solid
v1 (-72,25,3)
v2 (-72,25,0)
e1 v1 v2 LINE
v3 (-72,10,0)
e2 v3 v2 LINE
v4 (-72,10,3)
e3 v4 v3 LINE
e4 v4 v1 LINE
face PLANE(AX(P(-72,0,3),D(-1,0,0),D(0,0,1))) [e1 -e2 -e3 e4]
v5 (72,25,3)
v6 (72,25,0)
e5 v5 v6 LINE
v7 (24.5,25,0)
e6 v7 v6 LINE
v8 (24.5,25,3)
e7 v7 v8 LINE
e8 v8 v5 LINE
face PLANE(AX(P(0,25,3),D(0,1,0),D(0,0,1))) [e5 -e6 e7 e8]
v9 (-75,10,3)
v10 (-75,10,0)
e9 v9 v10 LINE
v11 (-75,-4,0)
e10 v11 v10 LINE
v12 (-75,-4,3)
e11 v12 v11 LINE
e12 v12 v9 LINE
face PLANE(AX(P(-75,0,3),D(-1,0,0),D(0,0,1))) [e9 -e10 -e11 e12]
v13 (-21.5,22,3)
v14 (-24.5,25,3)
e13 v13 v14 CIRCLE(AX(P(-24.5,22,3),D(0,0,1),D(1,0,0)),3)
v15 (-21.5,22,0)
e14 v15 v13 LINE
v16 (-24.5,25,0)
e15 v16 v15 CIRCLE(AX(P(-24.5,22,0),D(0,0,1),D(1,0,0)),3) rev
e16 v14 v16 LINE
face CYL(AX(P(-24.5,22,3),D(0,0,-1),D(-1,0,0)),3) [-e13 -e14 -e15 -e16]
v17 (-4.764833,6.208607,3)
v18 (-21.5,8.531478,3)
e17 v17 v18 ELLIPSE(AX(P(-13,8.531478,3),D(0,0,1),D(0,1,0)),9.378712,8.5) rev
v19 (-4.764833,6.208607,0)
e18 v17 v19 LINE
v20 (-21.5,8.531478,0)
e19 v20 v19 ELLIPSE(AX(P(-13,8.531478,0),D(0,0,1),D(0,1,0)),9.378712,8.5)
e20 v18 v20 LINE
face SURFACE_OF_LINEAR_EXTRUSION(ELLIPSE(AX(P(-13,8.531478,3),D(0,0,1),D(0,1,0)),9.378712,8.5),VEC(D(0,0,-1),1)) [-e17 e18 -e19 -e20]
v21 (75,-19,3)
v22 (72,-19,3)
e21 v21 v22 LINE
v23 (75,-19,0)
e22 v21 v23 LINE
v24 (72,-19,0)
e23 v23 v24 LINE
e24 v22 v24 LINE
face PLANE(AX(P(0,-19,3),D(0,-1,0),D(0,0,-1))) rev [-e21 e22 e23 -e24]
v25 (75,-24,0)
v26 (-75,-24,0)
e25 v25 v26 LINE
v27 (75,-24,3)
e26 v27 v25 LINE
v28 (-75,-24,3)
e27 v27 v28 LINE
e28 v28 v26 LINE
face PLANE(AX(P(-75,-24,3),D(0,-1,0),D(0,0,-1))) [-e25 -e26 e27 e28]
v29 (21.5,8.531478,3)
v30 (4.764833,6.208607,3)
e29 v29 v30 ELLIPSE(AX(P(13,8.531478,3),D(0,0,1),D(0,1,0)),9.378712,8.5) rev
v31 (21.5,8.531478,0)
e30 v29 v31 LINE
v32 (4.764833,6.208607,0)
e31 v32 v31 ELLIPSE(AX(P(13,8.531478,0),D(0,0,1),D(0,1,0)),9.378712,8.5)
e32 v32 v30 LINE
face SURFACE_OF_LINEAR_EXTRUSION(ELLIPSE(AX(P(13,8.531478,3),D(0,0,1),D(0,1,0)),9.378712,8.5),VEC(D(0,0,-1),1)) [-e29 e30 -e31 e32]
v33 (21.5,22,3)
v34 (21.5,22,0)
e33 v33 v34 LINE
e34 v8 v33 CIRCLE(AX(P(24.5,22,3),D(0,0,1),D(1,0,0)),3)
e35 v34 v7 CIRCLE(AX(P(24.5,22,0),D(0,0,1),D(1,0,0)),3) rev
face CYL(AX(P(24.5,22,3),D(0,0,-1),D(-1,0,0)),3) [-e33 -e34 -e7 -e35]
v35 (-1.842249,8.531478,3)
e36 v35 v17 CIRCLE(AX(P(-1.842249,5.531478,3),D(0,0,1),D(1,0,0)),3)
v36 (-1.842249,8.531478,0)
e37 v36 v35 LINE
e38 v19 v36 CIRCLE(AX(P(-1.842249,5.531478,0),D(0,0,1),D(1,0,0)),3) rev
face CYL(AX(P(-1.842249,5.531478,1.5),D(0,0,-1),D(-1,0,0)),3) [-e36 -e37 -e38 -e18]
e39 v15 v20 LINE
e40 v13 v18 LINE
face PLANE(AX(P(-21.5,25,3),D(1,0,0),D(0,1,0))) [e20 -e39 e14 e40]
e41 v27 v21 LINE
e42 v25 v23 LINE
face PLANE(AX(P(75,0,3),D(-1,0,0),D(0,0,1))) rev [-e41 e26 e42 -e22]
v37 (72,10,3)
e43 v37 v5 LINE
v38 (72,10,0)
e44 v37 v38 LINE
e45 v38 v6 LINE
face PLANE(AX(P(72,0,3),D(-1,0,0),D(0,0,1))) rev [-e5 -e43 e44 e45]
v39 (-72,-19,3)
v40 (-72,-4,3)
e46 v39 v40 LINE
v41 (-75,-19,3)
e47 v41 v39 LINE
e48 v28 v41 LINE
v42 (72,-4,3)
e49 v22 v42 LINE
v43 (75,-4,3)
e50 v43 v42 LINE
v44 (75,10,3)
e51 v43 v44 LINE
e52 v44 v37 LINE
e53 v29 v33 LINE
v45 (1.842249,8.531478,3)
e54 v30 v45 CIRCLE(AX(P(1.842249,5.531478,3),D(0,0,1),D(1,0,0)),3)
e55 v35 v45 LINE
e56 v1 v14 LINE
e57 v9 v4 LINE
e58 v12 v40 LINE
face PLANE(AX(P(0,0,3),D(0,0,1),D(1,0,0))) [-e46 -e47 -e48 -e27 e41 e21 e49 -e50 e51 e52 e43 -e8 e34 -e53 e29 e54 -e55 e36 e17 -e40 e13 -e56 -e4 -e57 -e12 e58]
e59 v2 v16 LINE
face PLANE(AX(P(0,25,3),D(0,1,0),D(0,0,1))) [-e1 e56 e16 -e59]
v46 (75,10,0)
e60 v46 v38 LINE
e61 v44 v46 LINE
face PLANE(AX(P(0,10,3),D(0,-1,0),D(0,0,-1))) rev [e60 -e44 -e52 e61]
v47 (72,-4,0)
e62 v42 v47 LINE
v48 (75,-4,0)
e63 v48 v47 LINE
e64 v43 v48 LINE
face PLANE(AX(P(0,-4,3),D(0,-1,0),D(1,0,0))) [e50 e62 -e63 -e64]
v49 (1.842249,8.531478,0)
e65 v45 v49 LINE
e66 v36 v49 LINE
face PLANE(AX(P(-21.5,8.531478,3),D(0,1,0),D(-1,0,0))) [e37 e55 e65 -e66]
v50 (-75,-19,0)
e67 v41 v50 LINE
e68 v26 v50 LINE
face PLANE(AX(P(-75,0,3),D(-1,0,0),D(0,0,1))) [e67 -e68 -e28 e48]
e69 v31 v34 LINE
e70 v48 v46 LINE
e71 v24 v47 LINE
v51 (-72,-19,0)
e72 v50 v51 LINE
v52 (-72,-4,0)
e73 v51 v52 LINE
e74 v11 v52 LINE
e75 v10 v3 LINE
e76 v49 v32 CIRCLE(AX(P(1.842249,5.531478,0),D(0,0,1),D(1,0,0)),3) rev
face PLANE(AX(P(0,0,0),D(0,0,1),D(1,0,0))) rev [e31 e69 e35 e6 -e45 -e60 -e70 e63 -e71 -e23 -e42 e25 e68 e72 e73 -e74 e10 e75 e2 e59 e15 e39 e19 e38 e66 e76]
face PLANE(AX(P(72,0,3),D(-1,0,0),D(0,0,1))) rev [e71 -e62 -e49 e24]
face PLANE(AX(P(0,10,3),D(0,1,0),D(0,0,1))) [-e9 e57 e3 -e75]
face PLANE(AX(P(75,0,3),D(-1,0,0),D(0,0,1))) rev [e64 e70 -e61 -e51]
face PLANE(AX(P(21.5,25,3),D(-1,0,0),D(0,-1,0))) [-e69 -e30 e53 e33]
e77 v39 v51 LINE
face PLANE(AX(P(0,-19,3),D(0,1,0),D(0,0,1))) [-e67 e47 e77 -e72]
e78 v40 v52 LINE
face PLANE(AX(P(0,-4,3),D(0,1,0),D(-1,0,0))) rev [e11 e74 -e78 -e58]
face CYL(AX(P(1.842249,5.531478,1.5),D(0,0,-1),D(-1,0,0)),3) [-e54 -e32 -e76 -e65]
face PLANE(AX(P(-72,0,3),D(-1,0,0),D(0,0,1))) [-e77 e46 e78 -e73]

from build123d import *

# Parameters (mm, degrees)
SALIENTE_EXTRUIR1_DEPTH = 3
CROQUIS2_R              = 8.5
CORTAR_EXTRUIR1_DEPTH   = 81.972978651
CROQUIS3_RX             = 9.378712311
CROQUIS3_RY             = 8.5
CORTAR_EXTRUIR2_DEPTH   = 3
CROQUIS4_W              = 43
CROQUIS4_H              = 16.468521704
CORTAR_EXTRUIR3_DEPTH   = 80.113842029
REDONDEO1_R             = 3
CROQUIS5_W              = 150
CROQUIS5_H              = 1
CORTAR_EXTRUIR4_DEPTH   = 80.113842155


with BuildPart() as part:
    # Croquis1 → Saliente-Extruir1 (new body)
    with BuildSketch(Plane.XY):
        Polygon((-75, -19), (-75, -25), (75, -25), (75, -19), (72, -19), (72, -4), (75, -4), (75, 10), (72, 10), (72, 25), (-72, 25), (-72, 10), (-75, 10), (-75, -4), (-72, -4), (-72, -19), align=None)
    extrude(amount=SALIENTE_EXTRUIR1_DEPTH)

    # Croquis2 → Cortar-Extruir1 (cut, through all)
    with BuildSketch(Plane(origin=(0, 2.342305324, -10.565456544), x_dir=(1, 0, 0), z_dir=(0, -0.4226182617407, 0.9063077870366497))):
        with Locations(Location((-13, 11.342305324, 0), (0, 0, 90))):
            Circle(CROQUIS2_R)
        with Locations(Location((13, 11.342305324, 0), (0, 0, 90))):
            Circle(CROQUIS2_R)
    extrude(amount=CORTAR_EXTRUIR1_DEPTH, mode=Mode.SUBTRACT)

    # Croquis3 → Cortar-Extruir2 (cut)
    with BuildSketch(Plane.XY):
        with Locations(Location((-13, 8.531478296), (0, 0, 90))):
            Ellipse(CROQUIS3_RX, CROQUIS3_RY)
        with Locations(Location((-13, 9.930401271), (0, 0, 90))):
            Ellipse(CROQUIS3_RX, CROQUIS3_RY)
        with Locations(Location((-13, 9.930401271), (0, 0, 90))):
            Ellipse(CROQUIS3_RX, CROQUIS3_RY)
        with Locations(Location((-13, 8.531478296), (0, 0, 90))):
            Ellipse(CROQUIS3_RX, CROQUIS3_RY)
        with Locations(Location((13, 9.930401271), (0, 0, 90))):
            Ellipse(CROQUIS3_RX, CROQUIS3_RY)
        with Locations(Location((13, 8.531478296), (0, 0, 90))):
            Ellipse(CROQUIS3_RX, CROQUIS3_RY)
        with Locations(Location((13, 8.531478296), (0, 0, 90))):
            Ellipse(CROQUIS3_RX, CROQUIS3_RY)
        with Locations(Location((13, 9.930401271), (0, 0, 90))):
            Ellipse(CROQUIS3_RX, CROQUIS3_RY)
        with Locations(Location((13, 8.531478296), (0, 0, 90))):
            Ellipse(CROQUIS3_RX, CROQUIS3_RY)
        with Locations(Location((13, 9.930401271), (0, 0, 90))):
            Ellipse(CROQUIS3_RX, CROQUIS3_RY)
        with Locations(Location((-13, 8.531478296), (0, 0, 90))):
            Ellipse(CROQUIS3_RX, CROQUIS3_RY)
        with Locations(Location((-13, 9.930401271), (0, 0, 90))):
            Ellipse(CROQUIS3_RX, CROQUIS3_RY)
    extrude(amount=CORTAR_EXTRUIR2_DEPTH, mode=Mode.SUBTRACT)

    # Croquis4 → Cortar-Extruir3 (cut, through all)
    with BuildSketch(Plane.XY):
        with Locations((0, 16.765739148)):
            Rectangle(CROQUIS4_W, CROQUIS4_H)
    extrude(amount=CORTAR_EXTRUIR3_DEPTH, mode=Mode.SUBTRACT)

    # Redondeo1
    redondeo1_edges = [part.edges().sort_by_distance(p)[0] for p in [
        (4.5, 8.531478296, 1.5000003),
        (-4.5, 8.531478296, 1.5000003),
        (21.5, 25, 1.5),
        (-21.5, 25, 1.5),
    ]]
    fillet(redondeo1_edges, radius=REDONDEO1_R)

    # Croquis5 → Cortar-Extruir4 (cut, through all)
    with BuildSketch(Plane.XY):
        with Locations((0, -24.5)):
            Rectangle(CROQUIS5_W, CROQUIS5_H)
    extrude(amount=CORTAR_EXTRUIR4_DEPTH, mode=Mode.SUBTRACT)


solid = part.part
